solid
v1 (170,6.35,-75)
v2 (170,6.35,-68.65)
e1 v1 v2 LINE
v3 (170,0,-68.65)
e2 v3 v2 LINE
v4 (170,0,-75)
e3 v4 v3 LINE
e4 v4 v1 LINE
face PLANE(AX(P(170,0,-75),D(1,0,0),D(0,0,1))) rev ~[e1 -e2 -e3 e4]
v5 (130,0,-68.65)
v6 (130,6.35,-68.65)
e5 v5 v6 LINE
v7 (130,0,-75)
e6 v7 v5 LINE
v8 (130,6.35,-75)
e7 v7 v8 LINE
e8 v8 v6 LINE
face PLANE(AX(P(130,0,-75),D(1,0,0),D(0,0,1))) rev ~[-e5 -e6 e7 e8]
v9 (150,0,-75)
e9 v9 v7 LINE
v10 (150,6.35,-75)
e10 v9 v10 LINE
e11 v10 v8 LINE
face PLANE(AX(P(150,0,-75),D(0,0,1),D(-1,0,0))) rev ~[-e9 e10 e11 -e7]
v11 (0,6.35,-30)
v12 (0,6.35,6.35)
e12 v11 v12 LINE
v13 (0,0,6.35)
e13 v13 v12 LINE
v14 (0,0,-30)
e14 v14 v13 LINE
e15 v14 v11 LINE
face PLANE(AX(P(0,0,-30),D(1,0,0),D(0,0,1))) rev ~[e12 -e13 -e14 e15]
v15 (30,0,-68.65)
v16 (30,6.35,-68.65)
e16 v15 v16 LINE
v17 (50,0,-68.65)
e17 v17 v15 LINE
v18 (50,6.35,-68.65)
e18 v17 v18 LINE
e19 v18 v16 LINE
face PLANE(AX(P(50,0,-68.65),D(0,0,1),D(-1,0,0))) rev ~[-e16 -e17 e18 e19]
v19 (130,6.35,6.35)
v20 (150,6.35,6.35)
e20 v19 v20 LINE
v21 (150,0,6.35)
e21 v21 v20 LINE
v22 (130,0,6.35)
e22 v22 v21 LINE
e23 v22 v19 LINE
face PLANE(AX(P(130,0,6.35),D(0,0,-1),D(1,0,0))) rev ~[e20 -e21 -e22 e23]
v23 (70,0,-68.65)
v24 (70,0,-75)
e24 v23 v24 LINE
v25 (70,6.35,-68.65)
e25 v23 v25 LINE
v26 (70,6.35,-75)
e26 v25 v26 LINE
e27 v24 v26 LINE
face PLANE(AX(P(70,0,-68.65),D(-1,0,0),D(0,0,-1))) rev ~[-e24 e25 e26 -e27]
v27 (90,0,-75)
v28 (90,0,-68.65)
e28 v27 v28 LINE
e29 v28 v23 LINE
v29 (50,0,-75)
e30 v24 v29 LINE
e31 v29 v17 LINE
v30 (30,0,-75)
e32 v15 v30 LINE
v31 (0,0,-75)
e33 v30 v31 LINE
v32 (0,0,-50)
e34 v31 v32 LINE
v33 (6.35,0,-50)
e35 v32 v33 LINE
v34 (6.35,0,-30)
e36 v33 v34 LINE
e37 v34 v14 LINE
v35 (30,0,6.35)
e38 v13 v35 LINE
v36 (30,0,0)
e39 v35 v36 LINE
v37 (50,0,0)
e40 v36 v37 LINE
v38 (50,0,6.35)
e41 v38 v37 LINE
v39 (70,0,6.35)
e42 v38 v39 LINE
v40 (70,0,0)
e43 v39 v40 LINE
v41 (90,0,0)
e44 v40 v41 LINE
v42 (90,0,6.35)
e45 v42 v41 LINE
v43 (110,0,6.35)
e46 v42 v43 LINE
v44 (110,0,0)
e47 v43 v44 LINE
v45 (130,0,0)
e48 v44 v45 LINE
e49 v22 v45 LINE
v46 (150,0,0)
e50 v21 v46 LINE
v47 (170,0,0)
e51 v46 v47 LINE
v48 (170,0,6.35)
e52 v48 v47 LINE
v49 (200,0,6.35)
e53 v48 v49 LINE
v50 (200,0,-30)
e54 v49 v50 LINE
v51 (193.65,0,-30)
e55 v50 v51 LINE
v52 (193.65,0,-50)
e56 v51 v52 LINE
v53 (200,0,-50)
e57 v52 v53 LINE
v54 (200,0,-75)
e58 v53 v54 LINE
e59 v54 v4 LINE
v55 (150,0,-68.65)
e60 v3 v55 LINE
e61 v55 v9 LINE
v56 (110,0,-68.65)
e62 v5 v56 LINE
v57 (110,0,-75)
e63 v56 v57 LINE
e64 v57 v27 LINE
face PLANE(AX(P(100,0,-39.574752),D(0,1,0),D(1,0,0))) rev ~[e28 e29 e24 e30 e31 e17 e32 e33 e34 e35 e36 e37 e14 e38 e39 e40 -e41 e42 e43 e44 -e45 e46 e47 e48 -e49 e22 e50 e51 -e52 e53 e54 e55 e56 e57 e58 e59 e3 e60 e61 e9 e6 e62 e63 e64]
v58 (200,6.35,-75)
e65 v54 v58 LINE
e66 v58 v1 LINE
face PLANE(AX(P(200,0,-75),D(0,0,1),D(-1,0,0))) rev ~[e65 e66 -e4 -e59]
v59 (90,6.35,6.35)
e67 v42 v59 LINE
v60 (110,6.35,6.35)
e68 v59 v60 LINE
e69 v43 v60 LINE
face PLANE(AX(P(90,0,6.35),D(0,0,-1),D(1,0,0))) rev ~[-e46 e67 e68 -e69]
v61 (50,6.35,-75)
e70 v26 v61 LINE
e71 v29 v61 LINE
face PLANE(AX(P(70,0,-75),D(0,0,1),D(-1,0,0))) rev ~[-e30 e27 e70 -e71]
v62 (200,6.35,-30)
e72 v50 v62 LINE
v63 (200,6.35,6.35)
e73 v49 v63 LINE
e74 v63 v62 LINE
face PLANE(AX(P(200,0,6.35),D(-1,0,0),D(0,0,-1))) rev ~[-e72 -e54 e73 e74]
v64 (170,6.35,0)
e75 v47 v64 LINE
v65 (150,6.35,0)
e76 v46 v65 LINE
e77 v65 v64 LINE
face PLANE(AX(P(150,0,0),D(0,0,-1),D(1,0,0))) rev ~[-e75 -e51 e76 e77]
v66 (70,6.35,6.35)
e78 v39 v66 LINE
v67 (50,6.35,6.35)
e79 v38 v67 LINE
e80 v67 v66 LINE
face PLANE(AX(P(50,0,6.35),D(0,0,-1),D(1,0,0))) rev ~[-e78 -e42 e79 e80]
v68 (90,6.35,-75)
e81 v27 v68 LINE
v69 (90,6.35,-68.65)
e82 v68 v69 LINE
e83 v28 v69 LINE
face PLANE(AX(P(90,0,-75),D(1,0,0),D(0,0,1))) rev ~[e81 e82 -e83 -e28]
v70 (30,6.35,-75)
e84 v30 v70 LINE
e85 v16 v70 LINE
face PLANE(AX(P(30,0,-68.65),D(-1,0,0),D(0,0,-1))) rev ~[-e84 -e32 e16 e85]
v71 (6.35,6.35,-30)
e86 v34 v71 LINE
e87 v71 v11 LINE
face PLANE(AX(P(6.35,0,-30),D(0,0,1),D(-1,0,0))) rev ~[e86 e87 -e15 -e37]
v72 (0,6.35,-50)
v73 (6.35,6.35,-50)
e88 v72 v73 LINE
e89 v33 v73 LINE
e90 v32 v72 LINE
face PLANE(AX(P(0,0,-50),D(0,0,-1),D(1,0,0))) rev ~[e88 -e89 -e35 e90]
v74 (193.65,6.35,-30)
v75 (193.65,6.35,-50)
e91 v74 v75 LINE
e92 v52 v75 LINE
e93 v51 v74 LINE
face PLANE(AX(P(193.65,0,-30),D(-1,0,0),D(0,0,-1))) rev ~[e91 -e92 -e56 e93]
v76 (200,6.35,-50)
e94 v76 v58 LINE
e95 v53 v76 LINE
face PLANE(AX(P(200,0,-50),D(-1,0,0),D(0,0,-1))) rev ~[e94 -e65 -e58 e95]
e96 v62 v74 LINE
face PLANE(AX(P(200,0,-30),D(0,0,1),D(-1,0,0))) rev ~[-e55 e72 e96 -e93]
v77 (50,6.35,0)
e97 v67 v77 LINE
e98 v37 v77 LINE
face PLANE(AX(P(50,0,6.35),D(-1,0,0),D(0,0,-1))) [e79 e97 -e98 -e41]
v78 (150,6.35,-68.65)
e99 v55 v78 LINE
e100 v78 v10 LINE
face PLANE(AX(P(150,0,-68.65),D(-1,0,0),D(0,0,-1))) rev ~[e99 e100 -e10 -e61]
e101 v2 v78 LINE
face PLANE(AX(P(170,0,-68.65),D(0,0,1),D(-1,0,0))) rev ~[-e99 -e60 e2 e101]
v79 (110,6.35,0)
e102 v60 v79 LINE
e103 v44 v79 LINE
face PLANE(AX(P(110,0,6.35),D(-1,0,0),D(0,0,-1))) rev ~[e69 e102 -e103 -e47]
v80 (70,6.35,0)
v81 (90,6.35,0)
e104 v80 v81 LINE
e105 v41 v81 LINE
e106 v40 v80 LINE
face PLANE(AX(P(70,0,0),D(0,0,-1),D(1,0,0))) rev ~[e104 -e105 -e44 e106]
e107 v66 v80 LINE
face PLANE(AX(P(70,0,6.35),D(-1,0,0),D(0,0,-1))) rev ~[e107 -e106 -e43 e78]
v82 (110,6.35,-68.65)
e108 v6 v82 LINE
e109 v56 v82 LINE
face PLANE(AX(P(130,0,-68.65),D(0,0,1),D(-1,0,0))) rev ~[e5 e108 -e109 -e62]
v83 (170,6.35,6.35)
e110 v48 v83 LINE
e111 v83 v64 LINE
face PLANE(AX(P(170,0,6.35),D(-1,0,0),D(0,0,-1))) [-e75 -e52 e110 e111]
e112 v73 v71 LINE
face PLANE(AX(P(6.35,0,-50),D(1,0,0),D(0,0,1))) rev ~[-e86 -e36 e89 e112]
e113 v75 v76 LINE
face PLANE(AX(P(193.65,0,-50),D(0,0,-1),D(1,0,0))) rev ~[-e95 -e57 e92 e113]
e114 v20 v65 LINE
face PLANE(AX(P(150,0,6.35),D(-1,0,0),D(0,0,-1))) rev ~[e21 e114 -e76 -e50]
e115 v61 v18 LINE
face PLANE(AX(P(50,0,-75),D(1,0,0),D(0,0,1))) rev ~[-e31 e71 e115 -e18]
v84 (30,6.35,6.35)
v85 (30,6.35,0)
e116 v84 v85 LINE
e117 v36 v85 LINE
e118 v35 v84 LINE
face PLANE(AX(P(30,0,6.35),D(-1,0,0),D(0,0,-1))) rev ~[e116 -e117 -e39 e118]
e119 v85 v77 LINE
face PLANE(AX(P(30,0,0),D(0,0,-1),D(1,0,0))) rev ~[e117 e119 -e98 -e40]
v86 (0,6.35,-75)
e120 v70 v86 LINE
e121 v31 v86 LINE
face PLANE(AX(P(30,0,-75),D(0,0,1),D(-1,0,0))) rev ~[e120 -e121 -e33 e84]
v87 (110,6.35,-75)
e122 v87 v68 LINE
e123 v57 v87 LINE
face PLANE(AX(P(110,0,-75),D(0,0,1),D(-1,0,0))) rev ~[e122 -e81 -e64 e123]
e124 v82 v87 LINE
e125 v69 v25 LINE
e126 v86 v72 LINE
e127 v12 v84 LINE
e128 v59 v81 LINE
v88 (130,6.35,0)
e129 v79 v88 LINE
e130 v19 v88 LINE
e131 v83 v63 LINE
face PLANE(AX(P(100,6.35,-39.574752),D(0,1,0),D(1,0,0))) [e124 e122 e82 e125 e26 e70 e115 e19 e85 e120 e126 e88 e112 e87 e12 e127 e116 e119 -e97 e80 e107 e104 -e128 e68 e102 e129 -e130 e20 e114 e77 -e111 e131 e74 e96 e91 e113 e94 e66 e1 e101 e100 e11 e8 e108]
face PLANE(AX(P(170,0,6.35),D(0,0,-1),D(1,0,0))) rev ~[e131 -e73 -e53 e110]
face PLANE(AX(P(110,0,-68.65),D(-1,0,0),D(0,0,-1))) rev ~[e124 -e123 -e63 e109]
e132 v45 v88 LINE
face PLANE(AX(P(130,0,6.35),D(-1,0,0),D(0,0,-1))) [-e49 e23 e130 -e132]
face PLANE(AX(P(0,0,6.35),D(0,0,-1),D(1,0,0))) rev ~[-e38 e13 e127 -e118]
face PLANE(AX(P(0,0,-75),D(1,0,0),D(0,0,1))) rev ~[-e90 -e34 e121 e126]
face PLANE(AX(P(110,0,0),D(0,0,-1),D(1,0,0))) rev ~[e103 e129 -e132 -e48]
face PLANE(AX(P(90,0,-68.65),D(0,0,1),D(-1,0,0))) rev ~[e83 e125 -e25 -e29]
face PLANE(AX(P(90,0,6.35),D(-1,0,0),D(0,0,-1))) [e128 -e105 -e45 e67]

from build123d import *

# Parameters (mm, degrees)
SKETCH1_W           = 30
SKETCH1_H           = 6.35
SKETCH1_W_2         = 20
BOSS_EXTRUDE1_DEPTH = 6.35


with BuildPart() as part:
    # Sketch1 → Boss-Extrude1 (new body)
    with BuildSketch(Plane(origin=(0, 0, 0), x_dir=(1, 0, 0), z_dir=(0, 1, 0))):
        Polygon((0, 30), (0, 0), (30, 0), (50, 0), (70, 0), (90, 0), (110, 0), (130, 0), (150, 0), (170, 0), (200, 0), (200, 30), (193.65, 30), (193.65, 50), (200, 50), (200, 75), (170, 75), (170, 68.65), (150, 68.65), (150, 75), (130, 75), (130, 68.65), (110, 68.65), (110, 75), (90, 75), (90, 68.65), (70, 68.65), (70, 75), (50, 75), (50, 68.65), (30, 68.65), (30, 75), (0, 75), (0, 50), (6.35, 50), (6.35, 30), align=None)
        with Locations((15, -3.175)):
            Rectangle(SKETCH1_W, SKETCH1_H)
        with Locations((60, -3.175)):
            Rectangle(SKETCH1_W_2, SKETCH1_H)
        with Locations((100, -3.175)):
            Rectangle(SKETCH1_W_2, SKETCH1_H)
        with Locations((140, -3.175)):
            Rectangle(SKETCH1_W_2, SKETCH1_H)
        with Locations((185, -3.175)):
            Rectangle(SKETCH1_W, SKETCH1_H)
    extrude(amount=BOSS_EXTRUDE1_DEPTH)


solid = part.part
